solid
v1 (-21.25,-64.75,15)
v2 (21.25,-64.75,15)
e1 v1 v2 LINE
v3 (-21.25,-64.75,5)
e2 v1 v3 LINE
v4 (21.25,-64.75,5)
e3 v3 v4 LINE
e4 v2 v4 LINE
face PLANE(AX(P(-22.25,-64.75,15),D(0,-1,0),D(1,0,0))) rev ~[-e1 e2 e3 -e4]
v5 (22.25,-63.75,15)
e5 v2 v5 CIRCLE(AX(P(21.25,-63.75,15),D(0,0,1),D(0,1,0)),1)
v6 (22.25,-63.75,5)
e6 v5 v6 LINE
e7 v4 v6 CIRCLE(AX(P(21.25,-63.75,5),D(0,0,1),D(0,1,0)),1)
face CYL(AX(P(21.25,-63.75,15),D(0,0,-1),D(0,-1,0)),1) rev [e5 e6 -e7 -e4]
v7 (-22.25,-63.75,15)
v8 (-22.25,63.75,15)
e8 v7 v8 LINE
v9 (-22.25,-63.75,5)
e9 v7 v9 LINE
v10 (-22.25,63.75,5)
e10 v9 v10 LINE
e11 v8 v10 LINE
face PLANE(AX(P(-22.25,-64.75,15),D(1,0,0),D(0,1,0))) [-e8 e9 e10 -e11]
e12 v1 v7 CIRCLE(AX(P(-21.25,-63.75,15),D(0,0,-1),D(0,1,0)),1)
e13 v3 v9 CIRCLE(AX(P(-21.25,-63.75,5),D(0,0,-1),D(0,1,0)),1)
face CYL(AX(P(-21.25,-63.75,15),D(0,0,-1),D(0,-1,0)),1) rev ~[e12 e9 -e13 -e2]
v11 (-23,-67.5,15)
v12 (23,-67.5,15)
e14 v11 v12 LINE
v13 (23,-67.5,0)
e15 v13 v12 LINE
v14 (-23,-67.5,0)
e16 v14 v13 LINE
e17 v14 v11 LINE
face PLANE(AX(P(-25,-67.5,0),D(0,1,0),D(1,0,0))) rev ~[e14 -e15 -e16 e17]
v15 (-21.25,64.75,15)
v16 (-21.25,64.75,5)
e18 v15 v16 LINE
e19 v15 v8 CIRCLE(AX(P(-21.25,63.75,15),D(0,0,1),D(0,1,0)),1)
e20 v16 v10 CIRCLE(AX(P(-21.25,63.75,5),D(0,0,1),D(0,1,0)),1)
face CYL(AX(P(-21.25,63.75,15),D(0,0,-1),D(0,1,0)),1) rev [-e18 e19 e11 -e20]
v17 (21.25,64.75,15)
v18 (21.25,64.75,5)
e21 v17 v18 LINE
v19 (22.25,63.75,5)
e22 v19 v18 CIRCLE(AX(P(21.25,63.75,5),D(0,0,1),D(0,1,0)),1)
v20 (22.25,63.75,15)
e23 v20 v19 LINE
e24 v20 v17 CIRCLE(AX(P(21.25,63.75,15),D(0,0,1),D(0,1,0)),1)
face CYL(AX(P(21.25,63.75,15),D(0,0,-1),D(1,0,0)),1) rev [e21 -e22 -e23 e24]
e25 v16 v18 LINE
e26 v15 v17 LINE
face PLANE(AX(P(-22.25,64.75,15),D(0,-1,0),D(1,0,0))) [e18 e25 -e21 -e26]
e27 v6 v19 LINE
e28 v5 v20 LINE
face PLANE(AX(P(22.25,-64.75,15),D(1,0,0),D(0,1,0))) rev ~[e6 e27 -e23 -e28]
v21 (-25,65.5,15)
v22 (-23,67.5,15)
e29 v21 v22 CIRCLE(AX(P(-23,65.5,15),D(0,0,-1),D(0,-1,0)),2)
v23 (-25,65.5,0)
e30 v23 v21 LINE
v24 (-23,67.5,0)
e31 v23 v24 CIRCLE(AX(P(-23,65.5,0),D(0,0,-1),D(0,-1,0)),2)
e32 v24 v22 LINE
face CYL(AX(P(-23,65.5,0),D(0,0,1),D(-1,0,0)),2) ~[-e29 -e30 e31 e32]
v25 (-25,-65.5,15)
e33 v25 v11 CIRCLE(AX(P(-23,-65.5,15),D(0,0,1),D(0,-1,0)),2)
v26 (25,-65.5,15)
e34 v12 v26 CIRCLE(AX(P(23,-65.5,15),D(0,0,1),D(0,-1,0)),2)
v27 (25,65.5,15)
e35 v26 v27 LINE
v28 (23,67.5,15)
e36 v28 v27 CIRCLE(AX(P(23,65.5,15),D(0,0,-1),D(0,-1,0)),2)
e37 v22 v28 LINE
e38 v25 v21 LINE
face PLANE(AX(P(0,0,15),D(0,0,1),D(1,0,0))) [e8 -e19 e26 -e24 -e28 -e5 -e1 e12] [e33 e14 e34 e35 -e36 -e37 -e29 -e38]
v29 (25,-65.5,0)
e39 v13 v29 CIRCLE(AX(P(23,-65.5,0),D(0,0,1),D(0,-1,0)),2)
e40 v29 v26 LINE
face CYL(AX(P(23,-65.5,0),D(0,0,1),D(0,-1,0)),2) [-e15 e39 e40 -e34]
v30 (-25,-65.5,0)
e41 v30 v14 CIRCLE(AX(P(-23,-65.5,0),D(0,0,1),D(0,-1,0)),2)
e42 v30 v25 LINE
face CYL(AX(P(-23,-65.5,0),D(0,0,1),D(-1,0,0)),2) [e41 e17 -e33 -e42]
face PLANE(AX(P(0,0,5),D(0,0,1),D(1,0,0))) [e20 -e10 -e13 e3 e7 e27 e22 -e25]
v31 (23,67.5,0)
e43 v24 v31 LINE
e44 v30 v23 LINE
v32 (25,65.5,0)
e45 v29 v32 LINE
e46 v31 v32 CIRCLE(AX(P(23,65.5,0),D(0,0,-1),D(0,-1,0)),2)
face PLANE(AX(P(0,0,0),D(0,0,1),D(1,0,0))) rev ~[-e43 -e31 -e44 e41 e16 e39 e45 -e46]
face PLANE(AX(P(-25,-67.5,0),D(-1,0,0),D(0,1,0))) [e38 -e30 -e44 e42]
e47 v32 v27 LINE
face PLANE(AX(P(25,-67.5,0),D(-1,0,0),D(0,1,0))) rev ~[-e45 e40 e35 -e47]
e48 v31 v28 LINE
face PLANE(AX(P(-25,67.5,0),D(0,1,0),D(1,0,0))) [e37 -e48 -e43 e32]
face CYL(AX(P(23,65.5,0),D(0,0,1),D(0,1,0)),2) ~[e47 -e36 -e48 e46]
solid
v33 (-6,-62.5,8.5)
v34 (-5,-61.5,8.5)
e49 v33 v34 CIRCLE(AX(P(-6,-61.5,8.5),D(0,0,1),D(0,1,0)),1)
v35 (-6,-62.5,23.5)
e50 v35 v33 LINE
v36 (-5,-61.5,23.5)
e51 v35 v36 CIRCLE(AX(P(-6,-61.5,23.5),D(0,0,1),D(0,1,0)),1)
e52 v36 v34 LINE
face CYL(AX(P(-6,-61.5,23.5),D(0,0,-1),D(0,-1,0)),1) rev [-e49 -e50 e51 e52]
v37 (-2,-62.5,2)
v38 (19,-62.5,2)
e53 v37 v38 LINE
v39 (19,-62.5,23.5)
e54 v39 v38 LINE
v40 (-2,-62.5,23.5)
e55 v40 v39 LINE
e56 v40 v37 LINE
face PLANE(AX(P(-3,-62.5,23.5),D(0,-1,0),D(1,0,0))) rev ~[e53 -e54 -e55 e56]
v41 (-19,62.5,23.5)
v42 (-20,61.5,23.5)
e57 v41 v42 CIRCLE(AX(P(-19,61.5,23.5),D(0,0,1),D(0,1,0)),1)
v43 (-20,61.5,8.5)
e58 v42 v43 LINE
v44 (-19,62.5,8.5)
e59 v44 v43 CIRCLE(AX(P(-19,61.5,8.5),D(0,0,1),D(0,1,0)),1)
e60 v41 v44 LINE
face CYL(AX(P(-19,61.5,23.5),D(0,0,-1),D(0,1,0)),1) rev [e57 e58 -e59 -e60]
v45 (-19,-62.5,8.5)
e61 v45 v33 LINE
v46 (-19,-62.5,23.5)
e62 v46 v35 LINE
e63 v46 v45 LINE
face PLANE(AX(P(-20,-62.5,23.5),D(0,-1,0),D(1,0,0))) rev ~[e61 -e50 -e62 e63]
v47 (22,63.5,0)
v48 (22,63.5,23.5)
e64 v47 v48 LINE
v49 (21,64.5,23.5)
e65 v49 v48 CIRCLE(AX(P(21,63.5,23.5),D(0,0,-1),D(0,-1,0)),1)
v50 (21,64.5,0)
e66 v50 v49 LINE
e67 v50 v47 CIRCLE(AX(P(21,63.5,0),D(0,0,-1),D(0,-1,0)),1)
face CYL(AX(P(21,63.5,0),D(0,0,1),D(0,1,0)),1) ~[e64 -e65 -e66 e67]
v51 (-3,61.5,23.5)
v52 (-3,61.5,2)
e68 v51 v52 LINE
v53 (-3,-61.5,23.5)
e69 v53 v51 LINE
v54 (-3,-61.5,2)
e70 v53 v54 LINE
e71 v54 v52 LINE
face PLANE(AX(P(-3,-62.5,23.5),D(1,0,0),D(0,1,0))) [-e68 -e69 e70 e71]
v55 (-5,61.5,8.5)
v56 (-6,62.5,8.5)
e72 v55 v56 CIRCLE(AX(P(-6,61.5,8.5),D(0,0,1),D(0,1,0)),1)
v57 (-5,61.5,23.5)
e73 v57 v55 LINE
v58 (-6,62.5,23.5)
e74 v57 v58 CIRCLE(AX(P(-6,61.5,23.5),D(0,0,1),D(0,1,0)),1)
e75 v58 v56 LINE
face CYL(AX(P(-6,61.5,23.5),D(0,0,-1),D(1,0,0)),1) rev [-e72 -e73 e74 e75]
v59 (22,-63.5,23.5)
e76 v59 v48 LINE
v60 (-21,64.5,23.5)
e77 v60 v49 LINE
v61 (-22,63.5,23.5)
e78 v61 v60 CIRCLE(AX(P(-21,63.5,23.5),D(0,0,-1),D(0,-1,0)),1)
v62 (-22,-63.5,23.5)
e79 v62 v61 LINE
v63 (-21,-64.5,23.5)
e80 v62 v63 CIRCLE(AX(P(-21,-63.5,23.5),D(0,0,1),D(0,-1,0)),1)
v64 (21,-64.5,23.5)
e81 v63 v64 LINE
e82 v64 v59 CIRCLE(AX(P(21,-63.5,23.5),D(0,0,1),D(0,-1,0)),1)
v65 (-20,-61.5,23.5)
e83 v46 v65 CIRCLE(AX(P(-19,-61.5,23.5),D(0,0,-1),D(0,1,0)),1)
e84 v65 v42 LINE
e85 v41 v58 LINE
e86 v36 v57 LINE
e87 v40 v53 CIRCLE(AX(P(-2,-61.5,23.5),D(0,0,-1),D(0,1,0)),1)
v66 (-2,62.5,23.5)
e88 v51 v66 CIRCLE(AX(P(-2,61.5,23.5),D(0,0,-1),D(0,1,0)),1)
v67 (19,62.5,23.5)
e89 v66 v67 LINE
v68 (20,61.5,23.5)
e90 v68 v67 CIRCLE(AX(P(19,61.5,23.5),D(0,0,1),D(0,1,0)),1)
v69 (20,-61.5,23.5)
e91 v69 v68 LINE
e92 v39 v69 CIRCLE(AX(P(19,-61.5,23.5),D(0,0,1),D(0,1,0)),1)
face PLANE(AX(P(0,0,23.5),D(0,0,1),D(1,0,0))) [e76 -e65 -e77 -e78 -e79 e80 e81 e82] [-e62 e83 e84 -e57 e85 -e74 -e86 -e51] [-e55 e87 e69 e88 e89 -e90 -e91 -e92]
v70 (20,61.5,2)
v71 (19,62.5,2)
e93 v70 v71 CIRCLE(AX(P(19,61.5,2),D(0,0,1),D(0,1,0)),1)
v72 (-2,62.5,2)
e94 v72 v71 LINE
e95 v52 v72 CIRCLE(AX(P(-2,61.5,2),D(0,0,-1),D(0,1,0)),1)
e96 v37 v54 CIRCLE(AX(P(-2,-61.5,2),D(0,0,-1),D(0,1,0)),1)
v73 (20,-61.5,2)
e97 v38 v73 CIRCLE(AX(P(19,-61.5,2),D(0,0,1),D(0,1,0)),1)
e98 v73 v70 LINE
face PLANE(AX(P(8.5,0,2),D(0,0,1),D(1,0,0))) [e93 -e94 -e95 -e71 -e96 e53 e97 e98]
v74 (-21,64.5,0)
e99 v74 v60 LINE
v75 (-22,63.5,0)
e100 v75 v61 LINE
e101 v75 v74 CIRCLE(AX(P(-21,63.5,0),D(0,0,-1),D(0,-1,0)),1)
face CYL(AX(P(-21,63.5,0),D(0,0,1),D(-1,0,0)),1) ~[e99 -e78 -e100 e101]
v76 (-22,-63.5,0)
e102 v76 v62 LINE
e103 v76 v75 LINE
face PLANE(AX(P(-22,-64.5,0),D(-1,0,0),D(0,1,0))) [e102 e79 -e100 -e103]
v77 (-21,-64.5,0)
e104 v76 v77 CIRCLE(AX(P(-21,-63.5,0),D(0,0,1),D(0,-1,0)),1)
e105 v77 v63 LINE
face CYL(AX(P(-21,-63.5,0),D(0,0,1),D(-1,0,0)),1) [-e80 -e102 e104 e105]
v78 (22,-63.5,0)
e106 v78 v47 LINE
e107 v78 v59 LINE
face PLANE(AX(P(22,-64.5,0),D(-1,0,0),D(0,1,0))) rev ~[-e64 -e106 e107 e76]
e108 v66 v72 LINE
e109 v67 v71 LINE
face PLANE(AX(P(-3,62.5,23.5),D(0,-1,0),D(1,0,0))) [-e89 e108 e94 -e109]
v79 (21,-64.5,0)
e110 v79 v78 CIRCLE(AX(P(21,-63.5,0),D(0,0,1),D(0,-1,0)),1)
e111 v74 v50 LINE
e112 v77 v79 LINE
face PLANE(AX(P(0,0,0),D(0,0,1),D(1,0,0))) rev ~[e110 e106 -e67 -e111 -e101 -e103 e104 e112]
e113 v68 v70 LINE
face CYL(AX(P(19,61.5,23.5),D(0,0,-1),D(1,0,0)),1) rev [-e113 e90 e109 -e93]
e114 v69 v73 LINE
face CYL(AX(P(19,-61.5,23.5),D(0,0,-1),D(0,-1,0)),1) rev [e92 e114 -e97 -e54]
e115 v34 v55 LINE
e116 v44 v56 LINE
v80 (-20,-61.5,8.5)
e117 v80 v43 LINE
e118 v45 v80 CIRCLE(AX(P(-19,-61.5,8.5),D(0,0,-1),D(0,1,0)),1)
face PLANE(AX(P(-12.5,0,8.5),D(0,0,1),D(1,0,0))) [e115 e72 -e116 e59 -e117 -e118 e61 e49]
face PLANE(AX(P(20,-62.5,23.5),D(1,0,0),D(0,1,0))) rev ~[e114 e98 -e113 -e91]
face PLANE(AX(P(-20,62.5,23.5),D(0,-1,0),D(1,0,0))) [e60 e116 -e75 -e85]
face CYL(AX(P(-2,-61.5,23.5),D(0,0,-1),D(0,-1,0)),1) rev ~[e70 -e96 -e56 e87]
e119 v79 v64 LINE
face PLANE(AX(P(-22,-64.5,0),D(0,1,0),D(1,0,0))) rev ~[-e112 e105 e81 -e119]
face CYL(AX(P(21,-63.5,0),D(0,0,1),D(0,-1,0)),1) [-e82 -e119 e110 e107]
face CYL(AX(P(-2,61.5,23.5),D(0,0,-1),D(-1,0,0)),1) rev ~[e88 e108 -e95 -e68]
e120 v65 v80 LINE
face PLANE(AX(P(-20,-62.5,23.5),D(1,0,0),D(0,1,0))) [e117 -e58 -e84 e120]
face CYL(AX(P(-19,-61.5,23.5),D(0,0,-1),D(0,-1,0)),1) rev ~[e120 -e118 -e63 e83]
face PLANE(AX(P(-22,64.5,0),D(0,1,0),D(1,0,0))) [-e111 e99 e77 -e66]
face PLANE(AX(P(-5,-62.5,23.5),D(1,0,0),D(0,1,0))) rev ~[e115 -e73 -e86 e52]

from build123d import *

# Parameters (mm, degrees)
SKETCH_W        = 44
SKETCH_H        = 129
PAD_DEPTH       = 23.5
SKETCH001_W     = 23
SKETCH001_H     = 125
POCKET_DEPTH    = 21.5
SKETCH002_W     = 15
SKETCH002_H     = 125
POCKET001_DEPTH = 15
FILLET002_R     = 1
FILLET003_R     = 1
FILLET004_R     = 1
SKETCH003_W     = 50
SKETCH003_H     = 135
PAD001_DEPTH    = 15
SKETCH004_W     = 44.5
SKETCH004_H     = 129.5
POCKET002_DEPTH = 10
FILLET_R        = 2
FILLET001_R     = 1


with BuildPart() as body:
    # Sketch → Pad (new body)
    with BuildSketch(Plane.XY):
        Rectangle(SKETCH_W, SKETCH_H)
    extrude(amount=PAD_DEPTH)

    # Sketch001 (on Face6 of Pad) → Pocket (cut)
    with BuildSketch(Plane.XY.offset(23.5)):
        with Locations((8.5, 0)):
            Rectangle(SKETCH001_W, SKETCH001_H)
    extrude(amount=-POCKET_DEPTH, mode=Mode.SUBTRACT)

    # Sketch002 (on Face5 of Pocket) → Pocket001 (cut)
    with BuildSketch(Plane.XY.offset(23.5)):
        with Locations((-12.5, 0)):
            Rectangle(SKETCH002_W, SKETCH002_H)
    extrude(amount=-POCKET001_DEPTH, mode=Mode.SUBTRACT)

    # Fillet002
    fillet002_edges = [body.edges().sort_by_distance(p)[0] for p in [
        (22, -64.5, 11.75),
        (-22, -64.5, 11.75),
        (22, 64.5, 11.75),
        (-22, 64.5, 11.75),
    ]]
    fillet(fillet002_edges, radius=FILLET002_R)

    # Fillet003
    fillet003_edges = [body.edges().sort_by_distance(p)[0] for p in [
        (-5, 62.5, 16),
        (-20, 62.5, 16),
        (-20, -62.5, 16),
        (-5, -62.5, 16),
    ]]
    fillet(fillet003_edges, radius=FILLET003_R)

    # Fillet004
    fillet004_edges = [body.edges().sort_by_distance(p)[0] for p in [
        (-3, -62.5, 12.75),
        (20, -62.5, 12.75),
        (20, 62.5, 12.75),
        (-3, 62.5, 12.75),
    ]]
    fillet(fillet004_edges, radius=FILLET004_R)


with BuildPart() as top:
    # Sketch003 → Pad001 (new body)
    with BuildSketch(Plane.XY):
        Rectangle(SKETCH003_W, SKETCH003_H)
    extrude(amount=PAD001_DEPTH)

    # Sketch004 (on Face6 of Pad001) → Pocket002 (cut)
    with BuildSketch(Plane.XY.offset(15)):
        Rectangle(SKETCH004_W, SKETCH004_H)
    extrude(amount=-POCKET002_DEPTH, mode=Mode.SUBTRACT)

    # Fillet
    fillet_edges = [top.edges().sort_by_distance(p)[0] for p in [
        (25, -67.5, 7.5),
        (-25, -67.5, 7.5),
        (-25, 67.5, 7.5),
        (25, 67.5, 7.5),
    ]]
    fillet(fillet_edges, radius=FILLET_R)

    # Fillet001
    fillet001_edges = [top.edges().sort_by_distance(p)[0] for p in [
        (22.25, -64.75, 10),
        (-22.25, -64.75, 10),
        (22.25, 64.75, 10),
        (-22.25, 64.75, 10),
    ]]
    fillet(fillet001_edges, radius=FILLET001_R)


solid = Compound([body.part, top.part])
